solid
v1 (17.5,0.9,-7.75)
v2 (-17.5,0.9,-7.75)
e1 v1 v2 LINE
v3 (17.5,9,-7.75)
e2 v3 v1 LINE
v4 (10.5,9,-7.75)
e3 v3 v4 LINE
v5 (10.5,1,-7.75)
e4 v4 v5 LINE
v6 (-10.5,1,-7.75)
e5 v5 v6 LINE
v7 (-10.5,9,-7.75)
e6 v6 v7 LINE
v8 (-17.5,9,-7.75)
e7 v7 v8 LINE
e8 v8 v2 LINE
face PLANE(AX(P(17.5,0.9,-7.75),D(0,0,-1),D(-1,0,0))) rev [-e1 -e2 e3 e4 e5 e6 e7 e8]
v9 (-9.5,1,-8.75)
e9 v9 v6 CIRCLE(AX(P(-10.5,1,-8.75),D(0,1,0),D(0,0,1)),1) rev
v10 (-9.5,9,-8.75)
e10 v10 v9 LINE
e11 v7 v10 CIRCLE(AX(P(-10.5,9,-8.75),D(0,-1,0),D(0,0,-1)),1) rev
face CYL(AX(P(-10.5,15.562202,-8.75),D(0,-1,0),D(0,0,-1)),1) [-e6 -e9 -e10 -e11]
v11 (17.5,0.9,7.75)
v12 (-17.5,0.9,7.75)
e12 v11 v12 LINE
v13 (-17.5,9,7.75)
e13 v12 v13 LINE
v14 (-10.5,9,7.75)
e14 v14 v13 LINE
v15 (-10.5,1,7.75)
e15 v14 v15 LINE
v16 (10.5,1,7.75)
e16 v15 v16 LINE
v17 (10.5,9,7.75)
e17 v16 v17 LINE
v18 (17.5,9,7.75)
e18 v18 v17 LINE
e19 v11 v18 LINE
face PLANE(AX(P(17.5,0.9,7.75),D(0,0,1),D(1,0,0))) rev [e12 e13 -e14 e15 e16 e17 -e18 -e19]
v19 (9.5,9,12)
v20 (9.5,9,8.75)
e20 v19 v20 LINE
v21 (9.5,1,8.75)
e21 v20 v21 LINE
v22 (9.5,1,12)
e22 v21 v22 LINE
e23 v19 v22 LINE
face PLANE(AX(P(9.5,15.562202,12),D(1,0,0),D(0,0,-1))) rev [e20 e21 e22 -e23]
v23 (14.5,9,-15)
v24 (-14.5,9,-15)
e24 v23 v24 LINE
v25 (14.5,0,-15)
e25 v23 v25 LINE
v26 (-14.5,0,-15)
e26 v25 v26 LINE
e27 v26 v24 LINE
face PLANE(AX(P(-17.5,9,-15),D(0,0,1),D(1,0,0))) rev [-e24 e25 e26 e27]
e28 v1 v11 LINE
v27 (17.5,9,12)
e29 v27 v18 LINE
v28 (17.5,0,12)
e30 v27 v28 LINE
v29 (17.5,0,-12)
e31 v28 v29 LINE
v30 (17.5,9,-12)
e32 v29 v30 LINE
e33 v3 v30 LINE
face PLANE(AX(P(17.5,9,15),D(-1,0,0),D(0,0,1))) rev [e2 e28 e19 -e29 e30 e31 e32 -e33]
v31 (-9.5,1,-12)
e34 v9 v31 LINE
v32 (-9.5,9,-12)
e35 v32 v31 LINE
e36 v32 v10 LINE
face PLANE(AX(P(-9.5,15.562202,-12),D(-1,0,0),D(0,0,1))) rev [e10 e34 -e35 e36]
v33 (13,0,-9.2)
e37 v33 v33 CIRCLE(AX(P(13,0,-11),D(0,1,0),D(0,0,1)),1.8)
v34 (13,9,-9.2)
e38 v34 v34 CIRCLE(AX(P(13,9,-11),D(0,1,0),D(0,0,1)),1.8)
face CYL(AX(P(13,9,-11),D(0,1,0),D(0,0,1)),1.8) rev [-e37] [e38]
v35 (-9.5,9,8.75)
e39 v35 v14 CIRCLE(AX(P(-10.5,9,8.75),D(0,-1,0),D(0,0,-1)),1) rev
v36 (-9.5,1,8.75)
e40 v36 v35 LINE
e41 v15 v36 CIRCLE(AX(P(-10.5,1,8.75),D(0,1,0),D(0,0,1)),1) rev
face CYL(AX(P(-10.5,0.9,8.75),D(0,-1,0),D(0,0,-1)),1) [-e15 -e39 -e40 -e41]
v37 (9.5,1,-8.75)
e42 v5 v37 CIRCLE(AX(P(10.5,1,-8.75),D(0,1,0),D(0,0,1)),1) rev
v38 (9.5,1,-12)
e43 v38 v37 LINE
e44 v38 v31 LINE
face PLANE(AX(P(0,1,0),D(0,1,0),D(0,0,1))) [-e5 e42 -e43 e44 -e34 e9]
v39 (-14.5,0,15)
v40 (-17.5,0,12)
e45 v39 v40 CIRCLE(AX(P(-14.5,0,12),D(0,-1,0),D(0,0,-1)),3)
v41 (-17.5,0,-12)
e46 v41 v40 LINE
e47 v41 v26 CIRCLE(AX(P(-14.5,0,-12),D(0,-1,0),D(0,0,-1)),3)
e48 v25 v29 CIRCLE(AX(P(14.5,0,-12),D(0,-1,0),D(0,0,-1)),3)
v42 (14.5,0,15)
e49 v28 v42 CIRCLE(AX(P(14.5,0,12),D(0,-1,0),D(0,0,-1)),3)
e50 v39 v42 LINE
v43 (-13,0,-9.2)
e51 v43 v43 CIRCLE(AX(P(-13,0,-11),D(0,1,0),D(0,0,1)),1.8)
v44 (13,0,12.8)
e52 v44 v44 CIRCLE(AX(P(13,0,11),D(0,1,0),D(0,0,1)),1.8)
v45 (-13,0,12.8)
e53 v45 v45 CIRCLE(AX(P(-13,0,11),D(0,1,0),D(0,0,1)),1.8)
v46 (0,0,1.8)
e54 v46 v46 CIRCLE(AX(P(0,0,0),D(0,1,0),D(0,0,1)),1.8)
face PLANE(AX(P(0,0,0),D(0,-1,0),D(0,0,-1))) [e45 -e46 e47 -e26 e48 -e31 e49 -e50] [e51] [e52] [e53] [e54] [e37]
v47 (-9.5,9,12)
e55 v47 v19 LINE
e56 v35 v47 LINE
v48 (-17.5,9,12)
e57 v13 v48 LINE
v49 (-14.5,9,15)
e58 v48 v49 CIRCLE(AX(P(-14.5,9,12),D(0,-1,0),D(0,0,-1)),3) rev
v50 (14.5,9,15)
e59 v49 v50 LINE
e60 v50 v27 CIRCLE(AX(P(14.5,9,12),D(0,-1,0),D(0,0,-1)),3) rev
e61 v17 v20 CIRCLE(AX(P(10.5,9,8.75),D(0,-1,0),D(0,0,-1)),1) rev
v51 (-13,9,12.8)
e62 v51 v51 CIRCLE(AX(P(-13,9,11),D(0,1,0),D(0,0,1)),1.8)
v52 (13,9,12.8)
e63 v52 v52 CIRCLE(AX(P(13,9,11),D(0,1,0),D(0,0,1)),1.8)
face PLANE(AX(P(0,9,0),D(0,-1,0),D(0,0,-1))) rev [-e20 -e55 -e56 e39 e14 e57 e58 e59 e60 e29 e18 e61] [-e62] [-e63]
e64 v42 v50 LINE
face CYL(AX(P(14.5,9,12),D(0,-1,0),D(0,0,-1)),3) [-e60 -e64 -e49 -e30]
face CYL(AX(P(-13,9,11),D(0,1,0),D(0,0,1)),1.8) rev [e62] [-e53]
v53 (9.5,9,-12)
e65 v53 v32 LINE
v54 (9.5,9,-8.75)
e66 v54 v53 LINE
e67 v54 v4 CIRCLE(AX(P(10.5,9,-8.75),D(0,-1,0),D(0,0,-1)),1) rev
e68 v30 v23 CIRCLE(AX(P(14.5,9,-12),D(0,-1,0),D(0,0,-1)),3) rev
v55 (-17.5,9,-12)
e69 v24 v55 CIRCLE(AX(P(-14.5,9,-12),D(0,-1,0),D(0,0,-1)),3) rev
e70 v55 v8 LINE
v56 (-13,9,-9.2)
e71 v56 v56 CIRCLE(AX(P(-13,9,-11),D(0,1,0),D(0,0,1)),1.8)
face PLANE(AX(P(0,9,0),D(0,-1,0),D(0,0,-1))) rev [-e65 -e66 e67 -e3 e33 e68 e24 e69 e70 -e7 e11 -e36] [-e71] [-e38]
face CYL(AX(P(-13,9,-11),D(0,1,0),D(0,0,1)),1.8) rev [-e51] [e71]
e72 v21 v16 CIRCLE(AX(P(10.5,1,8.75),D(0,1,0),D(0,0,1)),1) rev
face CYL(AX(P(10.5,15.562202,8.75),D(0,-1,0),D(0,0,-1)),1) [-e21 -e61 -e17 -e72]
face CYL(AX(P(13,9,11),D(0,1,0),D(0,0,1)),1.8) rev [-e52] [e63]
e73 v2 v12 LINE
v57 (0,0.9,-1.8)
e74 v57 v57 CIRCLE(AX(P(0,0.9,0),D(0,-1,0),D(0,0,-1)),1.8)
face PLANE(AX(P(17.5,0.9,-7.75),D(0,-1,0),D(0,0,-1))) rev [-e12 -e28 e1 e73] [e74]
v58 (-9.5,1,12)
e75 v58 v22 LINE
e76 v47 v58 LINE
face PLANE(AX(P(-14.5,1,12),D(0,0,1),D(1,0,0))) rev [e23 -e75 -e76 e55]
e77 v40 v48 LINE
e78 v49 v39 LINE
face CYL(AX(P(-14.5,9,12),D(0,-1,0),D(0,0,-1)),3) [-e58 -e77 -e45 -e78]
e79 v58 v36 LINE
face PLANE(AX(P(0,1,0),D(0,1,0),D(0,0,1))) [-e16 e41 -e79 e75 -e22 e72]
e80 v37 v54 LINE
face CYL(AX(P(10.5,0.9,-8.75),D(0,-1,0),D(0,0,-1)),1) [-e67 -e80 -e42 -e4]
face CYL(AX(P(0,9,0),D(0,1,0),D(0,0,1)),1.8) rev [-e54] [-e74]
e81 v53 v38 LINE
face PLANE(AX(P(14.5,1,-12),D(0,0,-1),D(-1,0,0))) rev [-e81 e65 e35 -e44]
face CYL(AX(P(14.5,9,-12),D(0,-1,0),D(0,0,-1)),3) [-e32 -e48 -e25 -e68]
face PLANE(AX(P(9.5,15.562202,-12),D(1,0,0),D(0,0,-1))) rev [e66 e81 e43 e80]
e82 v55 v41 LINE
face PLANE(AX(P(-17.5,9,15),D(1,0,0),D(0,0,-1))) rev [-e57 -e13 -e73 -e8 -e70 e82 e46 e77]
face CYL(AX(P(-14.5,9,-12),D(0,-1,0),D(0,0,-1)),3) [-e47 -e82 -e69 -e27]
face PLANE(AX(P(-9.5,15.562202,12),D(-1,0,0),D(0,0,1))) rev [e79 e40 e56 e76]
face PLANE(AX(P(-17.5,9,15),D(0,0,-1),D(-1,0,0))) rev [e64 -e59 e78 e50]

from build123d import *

# Parameters (mm, degrees)
SKETCH1_W            = 35
SKETCH1_H            = 30
BOSS_EXTRUDE1_DEPTH  = 9
SKETCH3_W            = 29
SKETCH3_H            = 24
CUT_EXTRUDE1_DEPTH   = 8
SKETCH4_W            = 15.5
SKETCH4_H            = 8.1
CUT_EXTRUDE2_DEPTH   = 36
SKETCH5_W            = 5
SKETCH5_H            = 4.25
BOSS_EXTRUDE2_DEPTH  = 8
M3_CLEARANCE_HOLE1_D = 3.6
FILLET1_R            = 3
FILLET2_R            = 1


with BuildPart() as part:
    # Sketch1 → Boss-Extrude1 (new body)
    with BuildSketch(Plane(origin=(0, 0, 0), x_dir=(1, 0, 0), z_dir=(0, 1, 0))):
        Rectangle(SKETCH1_W, SKETCH1_H)
    extrude(amount=BOSS_EXTRUDE1_DEPTH)

    # Sketch3 → Cut-Extrude1 (cut)
    with BuildSketch(Plane(origin=(0, 9, 0), x_dir=(1, 0, 0), z_dir=(0, 1, 0))):
        Rectangle(SKETCH3_W, SKETCH3_H)
    extrude(amount=-CUT_EXTRUDE1_DEPTH, mode=Mode.SUBTRACT)

    # Sketch4 → Cut-Extrude2 (cut, through all)
    with BuildSketch(Plane.ZY.offset(17.5)):
        with Locations((0, 4.95)):
            Rectangle(SKETCH4_W, SKETCH4_H)
    extrude(amount=-CUT_EXTRUDE2_DEPTH, mode=Mode.SUBTRACT)

    # Sketch5 → Boss-Extrude2 (add)
    with BuildSketch(Plane(origin=(0, 1, 0), x_dir=(1, 0, 0), z_dir=(0, 1, 0))):
        with Locations((-12, 9.875)):
            Rectangle(SKETCH5_W, SKETCH5_H)
        with Locations((12, 9.875)):
            Rectangle(SKETCH5_W, SKETCH5_H)
        with Locations((12, -9.875)):
            Rectangle(SKETCH5_W, SKETCH5_H)
        with Locations((-12, -9.875)):
            Rectangle(SKETCH5_W, SKETCH5_H)
    extrude(amount=BOSS_EXTRUDE2_DEPTH)

    # M3 Clearance Hole1 (through all)
    with Locations(Plane(origin=(0, 9, 0), x_dir=(1, 0, 0), z_dir=(0, 1, 0))):
        with Locations((0, 0), (13, 11), (-13, -11), (-13, 11), (13, -11)):
            Hole(M3_CLEARANCE_HOLE1_D / 2)

    # Fillet1
    fillet1_edges = [part.edges().sort_by_distance(p)[0] for p in [
        (17.5, 4.5, 15),
        (-17.5, 4.5, 15),
        (-17.5, 4.5, -15),
        (17.5, 4.5, -15),
    ]]
    fillet(fillet1_edges, radius=FILLET1_R)

    # Fillet2
    fillet2_edges = [part.edges().sort_by_distance(p)[0] for p in [
        (-9.5, 5, -7.75),
        (9.5, 5, -7.75),
        (9.5, 5, 7.75),
        (-9.5, 5, 7.75),
    ]]
    fillet(fillet2_edges, radius=FILLET2_R)


solid = part.part
